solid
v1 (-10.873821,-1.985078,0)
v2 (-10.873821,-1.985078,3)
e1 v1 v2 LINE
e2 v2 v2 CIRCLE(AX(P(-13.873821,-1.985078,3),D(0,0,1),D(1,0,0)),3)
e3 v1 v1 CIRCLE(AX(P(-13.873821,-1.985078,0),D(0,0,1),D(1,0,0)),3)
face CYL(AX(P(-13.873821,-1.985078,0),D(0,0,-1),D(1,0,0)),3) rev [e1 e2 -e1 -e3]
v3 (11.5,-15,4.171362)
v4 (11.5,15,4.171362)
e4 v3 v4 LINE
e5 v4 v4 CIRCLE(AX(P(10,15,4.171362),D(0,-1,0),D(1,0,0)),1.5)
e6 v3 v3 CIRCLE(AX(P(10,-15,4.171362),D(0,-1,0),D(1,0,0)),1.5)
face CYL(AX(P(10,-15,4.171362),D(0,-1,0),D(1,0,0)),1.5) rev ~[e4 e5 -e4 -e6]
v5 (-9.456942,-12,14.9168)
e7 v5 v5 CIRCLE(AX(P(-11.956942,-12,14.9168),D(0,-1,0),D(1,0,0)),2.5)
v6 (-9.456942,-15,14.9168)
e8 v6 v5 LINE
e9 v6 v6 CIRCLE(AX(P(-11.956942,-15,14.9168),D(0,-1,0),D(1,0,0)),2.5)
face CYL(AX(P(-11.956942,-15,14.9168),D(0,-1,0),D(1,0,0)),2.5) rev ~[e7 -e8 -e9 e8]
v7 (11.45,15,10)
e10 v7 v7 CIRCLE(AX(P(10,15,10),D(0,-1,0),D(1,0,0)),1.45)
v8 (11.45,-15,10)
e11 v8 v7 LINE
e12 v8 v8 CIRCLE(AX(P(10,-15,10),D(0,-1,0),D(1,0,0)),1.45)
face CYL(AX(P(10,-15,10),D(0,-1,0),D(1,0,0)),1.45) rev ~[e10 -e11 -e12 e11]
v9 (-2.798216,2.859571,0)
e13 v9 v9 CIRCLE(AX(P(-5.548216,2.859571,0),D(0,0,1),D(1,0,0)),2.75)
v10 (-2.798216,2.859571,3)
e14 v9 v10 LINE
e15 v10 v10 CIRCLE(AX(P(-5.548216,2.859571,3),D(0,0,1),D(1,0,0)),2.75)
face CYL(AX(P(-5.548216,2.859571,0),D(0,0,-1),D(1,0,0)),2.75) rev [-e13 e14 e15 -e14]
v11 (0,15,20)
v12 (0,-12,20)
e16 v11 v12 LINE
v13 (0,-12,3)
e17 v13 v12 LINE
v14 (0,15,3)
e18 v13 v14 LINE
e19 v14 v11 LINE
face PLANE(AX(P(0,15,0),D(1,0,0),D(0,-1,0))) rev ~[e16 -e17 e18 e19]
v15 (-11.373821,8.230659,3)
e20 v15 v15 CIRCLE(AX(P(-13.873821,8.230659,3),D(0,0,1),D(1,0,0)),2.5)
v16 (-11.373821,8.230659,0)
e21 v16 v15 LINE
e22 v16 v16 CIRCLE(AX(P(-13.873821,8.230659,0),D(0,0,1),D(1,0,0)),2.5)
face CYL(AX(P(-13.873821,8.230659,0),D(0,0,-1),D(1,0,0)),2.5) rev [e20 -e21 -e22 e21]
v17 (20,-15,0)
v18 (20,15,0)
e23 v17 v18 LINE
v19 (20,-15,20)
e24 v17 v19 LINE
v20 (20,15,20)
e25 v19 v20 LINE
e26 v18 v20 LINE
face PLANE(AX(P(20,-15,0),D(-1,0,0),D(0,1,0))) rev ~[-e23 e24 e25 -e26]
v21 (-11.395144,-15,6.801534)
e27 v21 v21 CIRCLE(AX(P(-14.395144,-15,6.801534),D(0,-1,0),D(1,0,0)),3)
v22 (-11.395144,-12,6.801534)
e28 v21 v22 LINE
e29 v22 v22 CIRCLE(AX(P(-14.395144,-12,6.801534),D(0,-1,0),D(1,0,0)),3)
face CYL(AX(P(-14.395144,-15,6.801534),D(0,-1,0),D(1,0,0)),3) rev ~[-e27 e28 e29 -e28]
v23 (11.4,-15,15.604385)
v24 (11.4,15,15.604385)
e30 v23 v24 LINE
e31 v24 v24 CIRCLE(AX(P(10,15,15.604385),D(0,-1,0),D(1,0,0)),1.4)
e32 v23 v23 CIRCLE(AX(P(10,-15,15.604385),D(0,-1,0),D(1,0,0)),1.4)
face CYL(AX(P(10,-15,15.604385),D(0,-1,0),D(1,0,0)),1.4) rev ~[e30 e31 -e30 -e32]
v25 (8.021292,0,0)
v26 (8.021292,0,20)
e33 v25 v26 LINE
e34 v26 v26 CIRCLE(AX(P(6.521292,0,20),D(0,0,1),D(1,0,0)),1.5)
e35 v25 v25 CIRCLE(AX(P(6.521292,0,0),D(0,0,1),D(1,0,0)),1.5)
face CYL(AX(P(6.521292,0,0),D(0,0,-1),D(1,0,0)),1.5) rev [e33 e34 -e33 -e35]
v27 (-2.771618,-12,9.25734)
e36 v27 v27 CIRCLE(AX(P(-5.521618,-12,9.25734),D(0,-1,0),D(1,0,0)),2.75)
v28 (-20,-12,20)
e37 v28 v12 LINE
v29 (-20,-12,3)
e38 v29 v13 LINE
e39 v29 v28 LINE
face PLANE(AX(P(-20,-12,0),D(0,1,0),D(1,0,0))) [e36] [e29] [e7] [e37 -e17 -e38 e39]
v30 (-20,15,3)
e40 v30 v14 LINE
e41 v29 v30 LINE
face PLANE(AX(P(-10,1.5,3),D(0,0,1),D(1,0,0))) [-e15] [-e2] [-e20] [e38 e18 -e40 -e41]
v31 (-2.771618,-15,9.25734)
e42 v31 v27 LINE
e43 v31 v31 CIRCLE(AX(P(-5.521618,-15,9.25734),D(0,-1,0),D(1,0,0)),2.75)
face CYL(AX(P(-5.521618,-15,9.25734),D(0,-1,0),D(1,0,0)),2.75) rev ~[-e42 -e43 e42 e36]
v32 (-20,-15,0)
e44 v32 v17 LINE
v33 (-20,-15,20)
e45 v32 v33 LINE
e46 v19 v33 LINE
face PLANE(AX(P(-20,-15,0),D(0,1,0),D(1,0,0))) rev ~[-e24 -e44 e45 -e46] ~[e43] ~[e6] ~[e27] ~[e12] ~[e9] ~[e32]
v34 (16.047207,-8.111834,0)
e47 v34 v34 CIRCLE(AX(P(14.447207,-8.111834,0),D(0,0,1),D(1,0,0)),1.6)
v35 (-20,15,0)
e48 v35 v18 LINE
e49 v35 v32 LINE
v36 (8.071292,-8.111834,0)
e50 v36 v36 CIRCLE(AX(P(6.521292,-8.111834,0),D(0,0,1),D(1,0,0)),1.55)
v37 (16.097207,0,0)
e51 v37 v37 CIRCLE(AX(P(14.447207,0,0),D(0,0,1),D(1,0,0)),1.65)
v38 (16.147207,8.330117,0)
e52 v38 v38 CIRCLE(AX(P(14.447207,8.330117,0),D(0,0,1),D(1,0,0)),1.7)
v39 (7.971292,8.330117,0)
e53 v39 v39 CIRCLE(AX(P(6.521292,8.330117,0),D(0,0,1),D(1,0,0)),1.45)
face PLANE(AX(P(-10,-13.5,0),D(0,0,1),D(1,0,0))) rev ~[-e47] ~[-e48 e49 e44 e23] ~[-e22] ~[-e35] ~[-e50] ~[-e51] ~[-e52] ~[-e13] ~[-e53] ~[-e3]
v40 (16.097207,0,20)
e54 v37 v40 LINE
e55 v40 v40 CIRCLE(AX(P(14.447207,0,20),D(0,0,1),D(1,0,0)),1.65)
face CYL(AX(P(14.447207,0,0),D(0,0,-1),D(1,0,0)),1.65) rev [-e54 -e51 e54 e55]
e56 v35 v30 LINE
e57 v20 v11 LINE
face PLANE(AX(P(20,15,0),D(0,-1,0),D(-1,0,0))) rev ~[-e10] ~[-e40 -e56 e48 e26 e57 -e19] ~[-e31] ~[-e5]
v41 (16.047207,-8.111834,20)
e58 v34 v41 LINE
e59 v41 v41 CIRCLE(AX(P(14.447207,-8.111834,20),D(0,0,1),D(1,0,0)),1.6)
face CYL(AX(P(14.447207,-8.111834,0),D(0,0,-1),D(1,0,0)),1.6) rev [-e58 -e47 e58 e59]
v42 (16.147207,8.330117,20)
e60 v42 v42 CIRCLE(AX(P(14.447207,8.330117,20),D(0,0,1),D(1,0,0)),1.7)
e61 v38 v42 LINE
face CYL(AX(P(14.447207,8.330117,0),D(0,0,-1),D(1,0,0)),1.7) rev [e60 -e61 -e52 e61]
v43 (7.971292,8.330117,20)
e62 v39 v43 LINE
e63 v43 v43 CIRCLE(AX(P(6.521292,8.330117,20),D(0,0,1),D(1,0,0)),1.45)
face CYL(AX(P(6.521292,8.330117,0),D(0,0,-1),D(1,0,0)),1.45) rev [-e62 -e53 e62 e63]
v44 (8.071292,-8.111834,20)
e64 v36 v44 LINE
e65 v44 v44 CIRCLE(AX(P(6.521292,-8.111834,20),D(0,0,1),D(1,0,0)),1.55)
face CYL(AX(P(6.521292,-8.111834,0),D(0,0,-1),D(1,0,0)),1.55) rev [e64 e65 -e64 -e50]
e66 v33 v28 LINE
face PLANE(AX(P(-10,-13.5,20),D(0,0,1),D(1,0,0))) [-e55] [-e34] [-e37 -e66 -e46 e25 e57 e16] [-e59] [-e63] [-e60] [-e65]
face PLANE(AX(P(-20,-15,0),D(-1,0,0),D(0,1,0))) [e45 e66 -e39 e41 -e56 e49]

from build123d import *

# Parameters (mm, degrees)
F0_W     = 20
F0_H     = 27
F0_R     = 3
F0_R_2   = 2.75
F0_R_3   = 2.5
F1_DEPTH = 3
F0_R_4   = 1.55
F0_R_5   = 1.6
F0_R_6   = 1.5
F0_R_7   = 1.65
F0_R_8   = 1.45
F0_R_9   = 1.7
F2_DEPTH = 20
F0_H_2   = 3
F3_DEPTH = 20
F4_R     = 1.4
F4_R_2   = 1.45
F4_R_3   = 1.5
F4_R_4   = 2.75
F4_R_5   = 2.5
F4_R_6   = 3
F5_DEPTH = 30


with BuildPart() as f1:
    # F0 (on Top) → F1 (new body)
    with BuildSketch(Plane.XY):
        with Locations((-10, 1.5)):
            Rectangle(F0_W, F0_H)
        with Locations((-13.873821, -1.985078)):
            Circle(F0_R, mode=Mode.SUBTRACT)
        with Locations((-5.548216, 2.859571)):
            Circle(F0_R_2, mode=Mode.SUBTRACT)
        with Locations((-13.873821, 8.230659)):
            Circle(F0_R_3, mode=Mode.SUBTRACT)
    extrude(amount=F1_DEPTH)

    # F0 (on Top) → F2 (join)
    with BuildSketch(Plane.XY):
        Polygon((0, -15), (20, -15), (20, 15), (0, 15), (0, -12), align=None)
        with Locations((6.521292, -8.111834)):
            Circle(F0_R_4, mode=Mode.SUBTRACT)
        with Locations((14.447207, -8.111834)):
            Circle(F0_R_5, mode=Mode.SUBTRACT)
        with Locations((6.521292, 0)):
            Circle(F0_R_6, mode=Mode.SUBTRACT)
        with Locations((14.447207, 0)):
            Circle(F0_R_7, mode=Mode.SUBTRACT)
        with Locations((6.521292, 8.330117)):
            Circle(F0_R_8, mode=Mode.SUBTRACT)
        with Locations((14.447207, 8.330117)):
            Circle(F0_R_9, mode=Mode.SUBTRACT)
    extrude(amount=F2_DEPTH)

    # F0 (on Top) → F3 (join, through all)
    with BuildSketch(Plane.XY):
        with Locations((-10, -13.5)):
            Rectangle(F0_W, F0_H_2)
    extrude(amount=F3_DEPTH)

    # F4 (on face) → F5 (cut, through all)
    with BuildSketch(Plane.XZ.offset(15)):
        with Locations((10, 15.604385)):
            Circle(F4_R)
        with Locations((10, 10)):
            Circle(F4_R_2)
        with Locations((10, 4.171362)):
            Circle(F4_R_3)
        with Locations((-5.521618, 9.25734)):
            Circle(F4_R_4)
        with Locations((-11.956942, 14.9168)):
            Circle(F4_R_5)
        with Locations((-14.395144, 6.801534)):
            Circle(F4_R_6)
    extrude(amount=-F5_DEPTH, mode=Mode.SUBTRACT)


solid = f1.part
